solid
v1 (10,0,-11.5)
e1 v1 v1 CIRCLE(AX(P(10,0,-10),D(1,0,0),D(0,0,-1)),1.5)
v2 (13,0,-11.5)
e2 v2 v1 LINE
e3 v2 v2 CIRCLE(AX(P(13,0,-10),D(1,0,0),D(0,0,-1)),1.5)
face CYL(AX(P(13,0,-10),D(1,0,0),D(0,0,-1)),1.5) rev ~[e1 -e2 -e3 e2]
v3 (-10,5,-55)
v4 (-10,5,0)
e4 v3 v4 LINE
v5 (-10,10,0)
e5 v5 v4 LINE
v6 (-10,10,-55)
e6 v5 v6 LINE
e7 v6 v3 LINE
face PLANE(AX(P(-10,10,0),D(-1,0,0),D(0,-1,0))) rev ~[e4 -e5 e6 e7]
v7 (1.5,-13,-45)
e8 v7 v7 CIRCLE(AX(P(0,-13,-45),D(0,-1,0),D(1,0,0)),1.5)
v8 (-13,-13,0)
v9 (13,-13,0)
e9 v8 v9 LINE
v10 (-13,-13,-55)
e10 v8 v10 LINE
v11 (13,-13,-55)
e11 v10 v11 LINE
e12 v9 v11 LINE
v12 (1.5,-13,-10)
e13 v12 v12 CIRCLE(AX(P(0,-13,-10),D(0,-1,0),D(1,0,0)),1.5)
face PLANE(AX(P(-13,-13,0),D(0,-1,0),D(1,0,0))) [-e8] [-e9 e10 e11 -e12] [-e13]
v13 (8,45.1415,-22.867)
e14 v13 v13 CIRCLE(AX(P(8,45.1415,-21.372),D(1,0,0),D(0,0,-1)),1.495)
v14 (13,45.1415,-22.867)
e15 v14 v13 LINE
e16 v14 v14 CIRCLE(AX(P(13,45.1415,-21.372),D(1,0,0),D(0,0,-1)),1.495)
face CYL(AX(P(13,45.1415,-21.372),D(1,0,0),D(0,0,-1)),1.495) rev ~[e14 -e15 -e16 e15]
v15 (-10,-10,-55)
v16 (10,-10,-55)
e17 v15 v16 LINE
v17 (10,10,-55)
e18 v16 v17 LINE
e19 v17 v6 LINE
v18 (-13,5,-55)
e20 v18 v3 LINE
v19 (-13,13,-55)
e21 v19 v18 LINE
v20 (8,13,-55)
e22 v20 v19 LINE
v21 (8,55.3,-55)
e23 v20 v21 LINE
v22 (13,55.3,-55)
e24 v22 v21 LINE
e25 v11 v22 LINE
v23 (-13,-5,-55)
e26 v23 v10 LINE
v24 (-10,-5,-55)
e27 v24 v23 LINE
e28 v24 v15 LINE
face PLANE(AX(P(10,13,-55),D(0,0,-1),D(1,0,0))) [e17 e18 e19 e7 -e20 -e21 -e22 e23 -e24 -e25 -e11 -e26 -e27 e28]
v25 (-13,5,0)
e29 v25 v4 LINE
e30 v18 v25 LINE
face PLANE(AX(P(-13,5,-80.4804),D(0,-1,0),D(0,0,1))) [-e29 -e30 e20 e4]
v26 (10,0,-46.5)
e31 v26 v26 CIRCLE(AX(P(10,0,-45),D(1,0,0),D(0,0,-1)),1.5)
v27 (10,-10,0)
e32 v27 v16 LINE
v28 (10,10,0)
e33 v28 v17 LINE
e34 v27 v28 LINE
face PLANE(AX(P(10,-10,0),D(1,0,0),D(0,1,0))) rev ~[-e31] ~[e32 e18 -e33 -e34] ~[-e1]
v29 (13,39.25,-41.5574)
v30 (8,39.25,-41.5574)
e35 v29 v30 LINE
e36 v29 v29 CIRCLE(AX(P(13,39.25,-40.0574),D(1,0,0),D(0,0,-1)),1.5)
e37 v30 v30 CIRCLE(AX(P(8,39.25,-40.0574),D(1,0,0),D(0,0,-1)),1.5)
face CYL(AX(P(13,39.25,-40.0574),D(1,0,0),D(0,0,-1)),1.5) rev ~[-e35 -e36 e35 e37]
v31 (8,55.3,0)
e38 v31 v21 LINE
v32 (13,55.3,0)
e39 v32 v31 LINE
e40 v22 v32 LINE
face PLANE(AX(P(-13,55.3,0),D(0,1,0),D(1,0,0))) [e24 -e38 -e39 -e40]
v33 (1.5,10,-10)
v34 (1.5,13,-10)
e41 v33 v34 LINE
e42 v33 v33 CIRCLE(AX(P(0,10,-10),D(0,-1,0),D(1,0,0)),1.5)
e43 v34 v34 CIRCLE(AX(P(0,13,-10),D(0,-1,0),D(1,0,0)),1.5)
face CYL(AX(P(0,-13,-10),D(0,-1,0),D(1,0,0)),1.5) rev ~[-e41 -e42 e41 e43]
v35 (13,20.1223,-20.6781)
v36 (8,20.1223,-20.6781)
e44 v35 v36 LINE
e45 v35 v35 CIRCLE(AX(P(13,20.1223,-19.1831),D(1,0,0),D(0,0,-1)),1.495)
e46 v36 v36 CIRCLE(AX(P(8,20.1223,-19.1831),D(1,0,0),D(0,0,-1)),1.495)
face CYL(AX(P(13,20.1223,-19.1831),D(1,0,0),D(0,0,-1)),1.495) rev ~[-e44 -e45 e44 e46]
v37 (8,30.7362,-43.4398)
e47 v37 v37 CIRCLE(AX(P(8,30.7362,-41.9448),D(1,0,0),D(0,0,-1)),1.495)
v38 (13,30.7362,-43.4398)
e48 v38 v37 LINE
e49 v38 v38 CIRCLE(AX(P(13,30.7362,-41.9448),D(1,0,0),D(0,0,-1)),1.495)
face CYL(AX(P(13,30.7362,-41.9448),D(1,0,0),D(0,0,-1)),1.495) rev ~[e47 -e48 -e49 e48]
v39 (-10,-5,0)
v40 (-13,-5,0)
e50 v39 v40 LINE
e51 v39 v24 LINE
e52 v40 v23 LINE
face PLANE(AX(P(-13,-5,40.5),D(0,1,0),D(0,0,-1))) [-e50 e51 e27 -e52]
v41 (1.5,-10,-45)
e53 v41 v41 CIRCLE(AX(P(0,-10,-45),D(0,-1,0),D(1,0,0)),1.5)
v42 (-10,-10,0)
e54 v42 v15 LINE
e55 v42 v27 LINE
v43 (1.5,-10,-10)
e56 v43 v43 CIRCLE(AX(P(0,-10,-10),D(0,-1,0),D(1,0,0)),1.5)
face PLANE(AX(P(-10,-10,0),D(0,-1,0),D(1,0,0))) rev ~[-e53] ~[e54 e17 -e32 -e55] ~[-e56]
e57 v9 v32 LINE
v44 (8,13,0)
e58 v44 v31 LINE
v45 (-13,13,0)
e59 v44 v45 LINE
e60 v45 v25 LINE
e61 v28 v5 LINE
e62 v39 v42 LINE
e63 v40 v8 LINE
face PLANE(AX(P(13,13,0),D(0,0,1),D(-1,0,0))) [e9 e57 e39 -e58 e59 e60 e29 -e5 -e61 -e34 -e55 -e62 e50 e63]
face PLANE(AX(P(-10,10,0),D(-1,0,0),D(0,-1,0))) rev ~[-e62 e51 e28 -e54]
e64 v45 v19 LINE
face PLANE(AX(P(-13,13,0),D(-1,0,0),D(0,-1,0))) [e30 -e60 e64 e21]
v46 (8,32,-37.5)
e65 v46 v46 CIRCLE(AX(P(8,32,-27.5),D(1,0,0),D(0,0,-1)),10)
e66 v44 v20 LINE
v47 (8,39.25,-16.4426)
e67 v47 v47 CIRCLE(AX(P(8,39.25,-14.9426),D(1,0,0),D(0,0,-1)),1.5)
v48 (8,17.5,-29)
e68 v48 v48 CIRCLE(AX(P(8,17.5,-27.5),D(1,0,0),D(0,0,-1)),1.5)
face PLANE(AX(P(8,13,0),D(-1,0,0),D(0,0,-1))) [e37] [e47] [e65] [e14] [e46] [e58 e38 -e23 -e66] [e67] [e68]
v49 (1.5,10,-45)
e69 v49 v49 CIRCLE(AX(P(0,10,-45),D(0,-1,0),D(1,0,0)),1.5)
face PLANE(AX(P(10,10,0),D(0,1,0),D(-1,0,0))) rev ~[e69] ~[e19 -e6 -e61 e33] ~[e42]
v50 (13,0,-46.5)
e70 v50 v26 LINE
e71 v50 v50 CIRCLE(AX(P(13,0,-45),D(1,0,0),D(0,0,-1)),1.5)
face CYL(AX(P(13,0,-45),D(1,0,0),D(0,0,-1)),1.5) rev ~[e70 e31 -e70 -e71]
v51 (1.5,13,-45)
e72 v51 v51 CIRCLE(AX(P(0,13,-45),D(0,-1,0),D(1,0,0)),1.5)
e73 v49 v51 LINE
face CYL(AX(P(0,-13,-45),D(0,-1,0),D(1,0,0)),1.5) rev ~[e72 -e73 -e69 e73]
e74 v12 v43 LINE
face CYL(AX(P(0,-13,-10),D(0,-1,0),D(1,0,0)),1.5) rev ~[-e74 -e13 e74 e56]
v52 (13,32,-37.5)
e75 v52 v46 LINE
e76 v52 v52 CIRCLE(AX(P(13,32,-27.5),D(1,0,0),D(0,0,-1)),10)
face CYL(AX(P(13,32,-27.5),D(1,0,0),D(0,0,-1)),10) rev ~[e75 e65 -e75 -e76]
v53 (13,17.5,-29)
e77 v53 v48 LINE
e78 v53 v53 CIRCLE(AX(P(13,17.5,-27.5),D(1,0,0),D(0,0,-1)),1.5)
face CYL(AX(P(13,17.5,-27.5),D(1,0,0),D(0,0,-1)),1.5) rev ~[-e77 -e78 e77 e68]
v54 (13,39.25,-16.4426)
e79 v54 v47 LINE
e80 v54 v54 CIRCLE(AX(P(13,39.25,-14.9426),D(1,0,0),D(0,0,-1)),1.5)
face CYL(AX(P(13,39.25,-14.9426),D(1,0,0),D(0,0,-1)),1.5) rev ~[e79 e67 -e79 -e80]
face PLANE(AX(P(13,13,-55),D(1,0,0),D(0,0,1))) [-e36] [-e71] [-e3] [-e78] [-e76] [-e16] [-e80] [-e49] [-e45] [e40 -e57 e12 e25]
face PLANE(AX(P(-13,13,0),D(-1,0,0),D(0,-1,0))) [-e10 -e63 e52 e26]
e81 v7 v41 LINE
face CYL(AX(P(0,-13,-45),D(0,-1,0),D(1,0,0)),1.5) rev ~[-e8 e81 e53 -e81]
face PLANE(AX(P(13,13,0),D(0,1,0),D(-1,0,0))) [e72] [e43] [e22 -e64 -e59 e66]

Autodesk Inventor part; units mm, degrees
ref_plane "YZ Plane" through (0, 0, 0) normal (1, 0, 0) x (0, 1, 0)
ref_plane "XZ Plane" through (0, 0, 0) normal (0, 1, 0) x (-1, 0, 0)
ref_plane "XY Plane" through (0, 0, 0) normal (0, 0, 1) x (1, 0, 0)
sketch "Sketch1" plane through (0, 0, 0) normal (0, 0, 1) x (1, 0, 0)
  line L0 (10, 10) -> (-10, 10) construction
  line L1 (-10, 10) -> (-10, -10) construction
  line L2 (-10, -10) -> (10, -10) construction
  line L3 (10, -10) -> (10, 10) construction
  line L4 (-7, -7) -> (-7, 7) construction
  line L5 (-7, 7) -> (7, 7) construction
  line L6 (7, 7) -> (7, -7) construction
  line L7 (7, -7) -> (-7, -7) construction
  line L8 (10, 10) -> (-10, 10)
  line L9 (-10, 10) -> (-10, -10)
  line L10 (-10, -10) -> (10, -10)
  line L11 (10, -10) -> (10, 10)
  line L12 (13, 13) -> (-13, 13)
  line L13 (-13, 13) -> (-13, -13)
  line L14 (-13, -13) -> (13, -13)
  line L15 (13, -13) -> (13, 13)
  point P0 (0, 0)
  dimension "d1" = 3
  dimension "d2" = 3
  dimension "d3" = 3
  dimension "d4" = 3
extrude "Extrusion1" add sketch "Sketch1" against normal blind 55
sketch "Sketch2" plane through (-13, -13, 0) normal (-1, 0, 0) x (0, 0, 1)
  line L0 (-80.4804, 18) -> (40.5, 18)
  line L1 (40.5, 18) -> (40.5, 8)
  line L2 (40.5, 8) -> (-80.4804, 8)
  line L3 (-80.4804, 8) -> (-80.4804, 18)
  line L4 (0, 26) -> (-55, 26) projected
  point P0 (0, 13)
  dimension "d7" = 10
  dimension "d8" = 8
extrude "Extrusion2" cut sketch "Sketch2" against normal blind 15.3125
sketch "Sketch3" plane through (-13, 13, 0) normal (0, 1, 0) x (1, 0, 0)
  line L0 (26, 0) -> (0, 0) projected
  line L1 (3, 55) -> (23, 55) projected
  line L2 (26, 0) -> (21, 0)
  line L3 (21, 0) -> (21, 55)
  line L4 (21, 55) -> (26, 55)
  line L5 (26, 55) -> (26, 0)
  point P0 (13, 0)
  dimension "d11" = 5
extrude "Extrusion3" add sketch "Sketch3" along normal blind 42.3
sketch "Sketch4" plane through (13, -13, 0) normal (1, 0, 0) x (0, 0, -1)
  line L0 (0, 26) -> (55, 26) projected
  circle A0 centre (27.5, 45) radius 18
  line L1 (0, 68.3) -> (55, 68.3) projected
  circle A1 centre (27.5, 45) radius 3
  point P0 (0, 13)
  point P1 (27.5, 68.3)
  dimension "d14" = 36
  dimension "d15" = 19
  dimension "d16" = 6
extrude "Extrusion4" cut sketch "Sketch4" against normal blind 42.3 contours A1
sketch "Sketch5" plane through (13, -13, 0) normal (1, 0, 0) x (0, 0, -1)
  circle A0 centre (27.5, 45) radius 3 projected
  circle A1 centre (27.5, 45) radius 10
  point P0 (0, 13)
  dimension "d19" = 20
extrude "Extrusion5" cut sketch "Sketch5" against normal blind 42.3
sketch "Sketch6" plane through (13, -13, 0) normal (1, 0, 0) x (0, 0, -1)
  circle A0 centre (27.5, 30.5) radius 1.5 projected
  circle A1 centre (19.1831, 33.1223) radius 1.495 projected
  circle A2 centre (14.9426, 52.25) radius 1.5 projected
  circle A3 centre (21.372, 58.1415) radius 1.495 projected
  circle A4 centre (40.0574, 52.25) radius 1.5 projected
  circle A5 centre (41.9448, 43.7362) radius 1.495 projected
  point P0 (0, 13)
extrude "Extrusion6" cut sketch "Sketch6" against normal blind 42.3
sketch "Sketch7" plane through (13, -13, 0) normal (1, 0, 0) x (0, 0, -1)
  circle A0 centre (10, 13) radius 1.5
  circle A1 centre (45, 13) radius 1.5
  line L0 (0, 0) -> (0, 68.3) projected
  line L1 (55, 0) -> (55, 68.3) projected
  point P0 (0, 13)
  dimension "d24" = 3
  dimension "d25" = 3
  dimension "d26" = 10
  dimension "d27" = 10
extrude "Extrusion7" cut sketch "Sketch7" against normal blind 10
sketch "Sketch8" plane through (-13, -13, 0) normal (0, -1, 0) x (1, 0, 0)
  circle A0 centre (13, -10) radius 1.5
  circle A1 centre (13, -45) radius 1.5
  line L0 (26, -55) -> (0, -55) projected
  line L1 (0, 0) -> (26, 0) projected
  point P0 (13, 0)
  point P1 (13, 0)
  point P2 (13, 0)
  dimension "d30" = 3
  dimension "d31" = 3
  dimension "d32" = 10
  dimension "d33" = 10
extrude "Extrusion8" cut sketch "Sketch8" against normal through all
properties part number "enc holder"
